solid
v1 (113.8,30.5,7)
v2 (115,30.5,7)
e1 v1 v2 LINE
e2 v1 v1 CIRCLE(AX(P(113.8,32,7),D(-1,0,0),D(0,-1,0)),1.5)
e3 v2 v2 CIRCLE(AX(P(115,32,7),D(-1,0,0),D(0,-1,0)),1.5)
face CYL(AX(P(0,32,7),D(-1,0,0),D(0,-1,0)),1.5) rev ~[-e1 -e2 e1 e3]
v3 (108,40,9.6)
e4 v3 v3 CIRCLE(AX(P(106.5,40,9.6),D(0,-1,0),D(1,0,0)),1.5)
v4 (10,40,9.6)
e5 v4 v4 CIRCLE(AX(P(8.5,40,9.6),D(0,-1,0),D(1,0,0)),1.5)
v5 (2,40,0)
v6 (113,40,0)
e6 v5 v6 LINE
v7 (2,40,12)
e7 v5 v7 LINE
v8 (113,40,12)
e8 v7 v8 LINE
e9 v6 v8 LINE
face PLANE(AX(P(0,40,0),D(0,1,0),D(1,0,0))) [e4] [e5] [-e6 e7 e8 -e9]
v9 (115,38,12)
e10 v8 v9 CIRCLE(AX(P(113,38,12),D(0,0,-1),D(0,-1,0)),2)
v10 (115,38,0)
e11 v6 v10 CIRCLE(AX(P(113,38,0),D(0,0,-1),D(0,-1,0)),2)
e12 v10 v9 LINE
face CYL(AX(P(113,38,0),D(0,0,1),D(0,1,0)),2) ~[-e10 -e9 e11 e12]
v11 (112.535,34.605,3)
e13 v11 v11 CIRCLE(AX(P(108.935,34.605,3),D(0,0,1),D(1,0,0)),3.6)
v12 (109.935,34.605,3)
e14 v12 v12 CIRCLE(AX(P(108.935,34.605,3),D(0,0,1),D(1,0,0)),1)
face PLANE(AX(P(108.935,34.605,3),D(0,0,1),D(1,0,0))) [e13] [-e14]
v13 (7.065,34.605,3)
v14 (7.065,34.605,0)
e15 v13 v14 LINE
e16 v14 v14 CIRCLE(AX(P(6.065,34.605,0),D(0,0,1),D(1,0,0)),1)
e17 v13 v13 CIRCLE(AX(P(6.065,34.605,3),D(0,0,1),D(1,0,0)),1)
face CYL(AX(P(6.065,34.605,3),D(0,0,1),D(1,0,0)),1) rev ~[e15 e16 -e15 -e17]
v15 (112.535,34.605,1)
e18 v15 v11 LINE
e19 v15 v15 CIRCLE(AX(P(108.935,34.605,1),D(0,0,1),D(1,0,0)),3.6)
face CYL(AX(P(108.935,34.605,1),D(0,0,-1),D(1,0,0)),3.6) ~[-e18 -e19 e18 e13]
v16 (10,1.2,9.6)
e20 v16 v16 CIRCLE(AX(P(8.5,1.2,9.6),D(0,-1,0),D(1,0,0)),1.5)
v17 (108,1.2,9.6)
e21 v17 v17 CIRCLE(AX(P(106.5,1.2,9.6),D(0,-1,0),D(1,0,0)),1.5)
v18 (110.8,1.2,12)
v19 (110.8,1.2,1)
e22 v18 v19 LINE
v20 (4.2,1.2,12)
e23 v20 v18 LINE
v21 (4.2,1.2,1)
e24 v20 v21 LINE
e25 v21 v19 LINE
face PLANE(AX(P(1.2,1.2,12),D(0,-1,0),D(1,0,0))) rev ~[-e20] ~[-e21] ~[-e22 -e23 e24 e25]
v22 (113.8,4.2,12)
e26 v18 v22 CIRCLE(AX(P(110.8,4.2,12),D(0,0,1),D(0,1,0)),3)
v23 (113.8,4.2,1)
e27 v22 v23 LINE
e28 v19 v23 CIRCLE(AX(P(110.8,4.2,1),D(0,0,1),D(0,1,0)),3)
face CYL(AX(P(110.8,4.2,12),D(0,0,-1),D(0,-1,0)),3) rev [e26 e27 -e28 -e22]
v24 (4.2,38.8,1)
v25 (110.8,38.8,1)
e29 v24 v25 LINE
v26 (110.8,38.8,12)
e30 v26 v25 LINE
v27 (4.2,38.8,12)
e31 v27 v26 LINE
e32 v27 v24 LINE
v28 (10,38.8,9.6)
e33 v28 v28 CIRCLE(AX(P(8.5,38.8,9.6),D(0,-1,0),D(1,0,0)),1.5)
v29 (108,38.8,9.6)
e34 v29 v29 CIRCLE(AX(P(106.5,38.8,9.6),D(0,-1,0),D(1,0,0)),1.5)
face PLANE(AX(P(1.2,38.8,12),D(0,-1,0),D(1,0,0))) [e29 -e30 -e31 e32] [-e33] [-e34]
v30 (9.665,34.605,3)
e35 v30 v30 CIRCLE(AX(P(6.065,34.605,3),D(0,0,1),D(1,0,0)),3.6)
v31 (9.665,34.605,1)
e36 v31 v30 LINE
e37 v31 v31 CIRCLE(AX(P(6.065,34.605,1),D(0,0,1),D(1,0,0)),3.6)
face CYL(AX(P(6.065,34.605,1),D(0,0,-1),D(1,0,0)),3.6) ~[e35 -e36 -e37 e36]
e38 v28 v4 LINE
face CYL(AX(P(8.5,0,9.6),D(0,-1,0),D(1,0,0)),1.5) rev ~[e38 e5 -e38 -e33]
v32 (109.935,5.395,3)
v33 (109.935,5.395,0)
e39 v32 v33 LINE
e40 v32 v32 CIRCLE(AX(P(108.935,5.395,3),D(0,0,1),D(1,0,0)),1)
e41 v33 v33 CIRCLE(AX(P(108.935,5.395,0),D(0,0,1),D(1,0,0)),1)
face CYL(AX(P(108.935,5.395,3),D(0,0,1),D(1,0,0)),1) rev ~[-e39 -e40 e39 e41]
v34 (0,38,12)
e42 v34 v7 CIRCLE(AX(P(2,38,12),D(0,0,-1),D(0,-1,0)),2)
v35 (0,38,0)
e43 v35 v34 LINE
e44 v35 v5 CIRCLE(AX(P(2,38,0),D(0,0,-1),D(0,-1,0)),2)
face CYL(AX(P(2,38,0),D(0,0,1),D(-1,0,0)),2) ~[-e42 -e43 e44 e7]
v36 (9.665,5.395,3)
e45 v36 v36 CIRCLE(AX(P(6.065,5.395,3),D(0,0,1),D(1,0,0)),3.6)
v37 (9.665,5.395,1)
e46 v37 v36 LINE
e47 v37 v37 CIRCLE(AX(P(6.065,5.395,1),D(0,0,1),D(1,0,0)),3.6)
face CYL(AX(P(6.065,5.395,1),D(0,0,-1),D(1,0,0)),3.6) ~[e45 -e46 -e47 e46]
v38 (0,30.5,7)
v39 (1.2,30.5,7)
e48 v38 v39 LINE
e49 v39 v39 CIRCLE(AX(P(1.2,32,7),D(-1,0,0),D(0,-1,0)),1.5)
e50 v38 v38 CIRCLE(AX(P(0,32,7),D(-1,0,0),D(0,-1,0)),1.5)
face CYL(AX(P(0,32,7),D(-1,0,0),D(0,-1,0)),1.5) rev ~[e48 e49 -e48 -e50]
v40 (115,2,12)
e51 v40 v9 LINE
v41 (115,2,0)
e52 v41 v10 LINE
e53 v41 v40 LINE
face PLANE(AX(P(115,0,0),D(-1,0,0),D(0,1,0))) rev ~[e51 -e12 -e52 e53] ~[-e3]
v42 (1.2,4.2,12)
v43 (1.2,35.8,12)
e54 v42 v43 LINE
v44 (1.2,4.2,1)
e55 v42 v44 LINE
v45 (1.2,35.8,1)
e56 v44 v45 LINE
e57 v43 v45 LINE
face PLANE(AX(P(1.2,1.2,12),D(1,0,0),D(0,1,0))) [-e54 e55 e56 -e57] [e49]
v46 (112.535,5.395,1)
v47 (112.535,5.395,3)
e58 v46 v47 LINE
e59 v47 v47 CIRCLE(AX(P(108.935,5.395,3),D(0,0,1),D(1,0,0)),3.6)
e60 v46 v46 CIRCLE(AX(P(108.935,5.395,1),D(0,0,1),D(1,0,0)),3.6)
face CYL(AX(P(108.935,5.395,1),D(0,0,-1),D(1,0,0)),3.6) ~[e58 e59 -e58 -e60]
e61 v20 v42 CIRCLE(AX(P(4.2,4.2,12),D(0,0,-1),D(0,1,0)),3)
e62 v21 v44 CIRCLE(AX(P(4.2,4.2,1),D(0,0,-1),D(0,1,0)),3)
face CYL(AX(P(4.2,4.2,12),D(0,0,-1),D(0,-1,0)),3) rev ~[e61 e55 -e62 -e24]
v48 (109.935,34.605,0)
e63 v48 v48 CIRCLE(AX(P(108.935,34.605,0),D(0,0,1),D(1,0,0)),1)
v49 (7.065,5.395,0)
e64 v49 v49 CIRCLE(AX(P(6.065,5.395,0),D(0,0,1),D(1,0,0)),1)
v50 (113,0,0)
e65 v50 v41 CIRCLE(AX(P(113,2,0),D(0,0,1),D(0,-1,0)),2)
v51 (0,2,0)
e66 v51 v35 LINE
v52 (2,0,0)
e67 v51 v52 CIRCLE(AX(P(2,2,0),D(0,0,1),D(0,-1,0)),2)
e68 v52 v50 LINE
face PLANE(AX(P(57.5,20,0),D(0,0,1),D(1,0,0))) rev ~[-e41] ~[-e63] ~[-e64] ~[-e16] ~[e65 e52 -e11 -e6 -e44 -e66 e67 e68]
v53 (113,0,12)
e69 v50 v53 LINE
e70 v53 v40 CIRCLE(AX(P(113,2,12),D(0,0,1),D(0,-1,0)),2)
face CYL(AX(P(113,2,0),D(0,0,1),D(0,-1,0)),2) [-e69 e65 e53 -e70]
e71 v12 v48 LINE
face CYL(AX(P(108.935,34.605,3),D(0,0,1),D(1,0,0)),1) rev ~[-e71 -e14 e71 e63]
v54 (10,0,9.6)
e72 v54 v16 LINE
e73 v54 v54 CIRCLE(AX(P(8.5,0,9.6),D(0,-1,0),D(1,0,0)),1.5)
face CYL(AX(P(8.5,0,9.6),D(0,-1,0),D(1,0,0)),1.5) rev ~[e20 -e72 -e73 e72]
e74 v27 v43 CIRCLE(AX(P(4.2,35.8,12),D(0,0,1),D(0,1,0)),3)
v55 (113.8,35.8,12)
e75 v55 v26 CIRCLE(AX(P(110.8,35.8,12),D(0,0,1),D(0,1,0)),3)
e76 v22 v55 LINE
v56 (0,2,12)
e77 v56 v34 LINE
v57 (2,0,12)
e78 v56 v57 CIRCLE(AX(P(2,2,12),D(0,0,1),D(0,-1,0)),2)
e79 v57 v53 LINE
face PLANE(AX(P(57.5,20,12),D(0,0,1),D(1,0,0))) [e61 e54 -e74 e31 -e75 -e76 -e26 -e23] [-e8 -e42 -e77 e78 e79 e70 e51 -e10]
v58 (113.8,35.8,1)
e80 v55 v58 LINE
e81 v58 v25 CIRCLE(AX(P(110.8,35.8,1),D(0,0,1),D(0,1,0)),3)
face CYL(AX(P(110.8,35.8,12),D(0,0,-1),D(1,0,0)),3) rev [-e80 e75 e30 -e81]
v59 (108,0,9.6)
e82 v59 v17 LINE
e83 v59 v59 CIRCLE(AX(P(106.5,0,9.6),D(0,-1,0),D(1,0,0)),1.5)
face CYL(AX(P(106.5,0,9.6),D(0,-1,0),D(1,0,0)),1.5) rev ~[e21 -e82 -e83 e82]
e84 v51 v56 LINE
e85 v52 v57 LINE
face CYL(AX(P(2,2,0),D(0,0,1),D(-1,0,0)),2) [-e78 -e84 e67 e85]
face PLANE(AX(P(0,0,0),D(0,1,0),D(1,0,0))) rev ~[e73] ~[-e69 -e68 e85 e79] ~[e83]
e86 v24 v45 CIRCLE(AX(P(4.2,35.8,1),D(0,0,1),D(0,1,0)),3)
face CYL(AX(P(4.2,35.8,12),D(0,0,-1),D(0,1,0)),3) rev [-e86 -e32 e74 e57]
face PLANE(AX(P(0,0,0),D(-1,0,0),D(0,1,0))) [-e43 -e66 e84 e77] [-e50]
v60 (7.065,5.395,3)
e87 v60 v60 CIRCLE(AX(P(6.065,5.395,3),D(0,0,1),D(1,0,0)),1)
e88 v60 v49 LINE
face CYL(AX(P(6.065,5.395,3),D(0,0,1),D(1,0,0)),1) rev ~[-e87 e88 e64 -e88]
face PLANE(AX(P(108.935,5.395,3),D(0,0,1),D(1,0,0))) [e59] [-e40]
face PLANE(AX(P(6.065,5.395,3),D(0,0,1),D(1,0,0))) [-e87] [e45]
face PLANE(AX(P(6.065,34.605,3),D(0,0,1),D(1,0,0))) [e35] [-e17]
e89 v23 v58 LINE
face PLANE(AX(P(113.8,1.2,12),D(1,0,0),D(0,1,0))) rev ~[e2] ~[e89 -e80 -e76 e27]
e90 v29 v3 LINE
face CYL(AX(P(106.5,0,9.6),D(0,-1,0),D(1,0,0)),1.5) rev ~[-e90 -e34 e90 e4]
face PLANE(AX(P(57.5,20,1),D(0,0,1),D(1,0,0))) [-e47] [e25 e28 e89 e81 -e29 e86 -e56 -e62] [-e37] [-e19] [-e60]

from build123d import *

# Parameters (mm, degrees)
SKETCH_W        = 115
SKETCH_H        = 40
PAD_DEPTH       = 12
SKETCH001_W     = 112.6
SKETCH001_H     = 37.6
POCKET_DEPTH    = 11
SKETCH002_R     = 3.6
PAD001_DEPTH    = 2
SKETCH004_R     = 1.5
POCKET001_DEPTH = 115.001
FILLET_R        = 3
FILLET001_R     = 2
SKETCH011_R     = 1.5
POCKET006_DEPTH = 40.001
SKETCH012_R     = 1
POCKET007_DEPTH = 6


with BuildPart() as part:
    # Sketch → Pad (new body)
    with BuildSketch(Plane.XY):
        with Locations((57.5, 20)):
            Rectangle(SKETCH_W, SKETCH_H)
    extrude(amount=PAD_DEPTH)

    # Sketch001 (on Face6 of Pad) → Pocket (cut)
    with BuildSketch(Plane.XY.offset(12)):
        with Locations((57.5, 20)):
            Rectangle(SKETCH001_W, SKETCH001_H)
    extrude(amount=-POCKET_DEPTH, mode=Mode.SUBTRACT)

    # Sketch002 (on Face11 of Pocket) → Pad001 (join)
    with BuildSketch(Plane.XY.offset(1)):
        with Locations((6.065, 34.605)):
            Circle(SKETCH002_R)
        with Locations((6.065, 5.395)):
            Circle(SKETCH002_R)
        with Locations((108.935, 34.605)):
            Circle(SKETCH002_R)
        with Locations((108.935, 5.395)):
            Circle(SKETCH002_R)
    extrude(amount=PAD001_DEPTH)

    # Sketch004 (on Face2 of Pad001) → Pocket001 (cut, through all)
    with BuildSketch(Plane(origin=(0, 0, 0), x_dir=(0, -1, 0), z_dir=(-1, 0, 0))):
        with Locations((-32, 7)):
            Circle(SKETCH004_R)
    extrude(amount=-POCKET001_DEPTH, mode=Mode.SUBTRACT)

    # Fillet
    fillet_edges = [part.edges().sort_by_distance(p)[0] for p in [
        (1.2, 38.8, 6.5),
        (1.2, 1.2, 6.5),
        (113.8, 1.2, 6.5),
        (113.8, 38.8, 6.5),
    ]]
    fillet(fillet_edges, radius=FILLET_R)

    # Fillet001
    fillet001_edges = [part.edges().sort_by_distance(p)[0] for p in [
        (115, 0, 6),
        (115, 40, 6),
        (0, 40, 6),
        (0, 0, 6),
    ]]
    fillet(fillet001_edges, radius=FILLET001_R)

    # Sketch011 (on Face2 of Fillet001) → Pocket006 (cut, through all)
    with BuildSketch(Plane.XZ):
        with Locations((8.5, 9.6)):
            Circle(SKETCH011_R)
        with Locations((106.5, 9.6)):
            Circle(SKETCH011_R)
    extrude(amount=-POCKET006_DEPTH, mode=Mode.SUBTRACT)

    # Sketch012 (on Face32 of Pocket006) → Pocket007 (cut)
    with BuildSketch(Plane.XY.offset(3)):
        with Locations((6.065, 34.605)):
            Circle(SKETCH012_R)
        with Locations((108.935, 34.605)):
            Circle(SKETCH012_R)
        with Locations((108.935, 5.395)):
            Circle(SKETCH012_R)
        with Locations((6.065, 5.395)):
            Circle(SKETCH012_R)
    extrude(amount=-POCKET007_DEPTH, mode=Mode.SUBTRACT)


solid = part.part
